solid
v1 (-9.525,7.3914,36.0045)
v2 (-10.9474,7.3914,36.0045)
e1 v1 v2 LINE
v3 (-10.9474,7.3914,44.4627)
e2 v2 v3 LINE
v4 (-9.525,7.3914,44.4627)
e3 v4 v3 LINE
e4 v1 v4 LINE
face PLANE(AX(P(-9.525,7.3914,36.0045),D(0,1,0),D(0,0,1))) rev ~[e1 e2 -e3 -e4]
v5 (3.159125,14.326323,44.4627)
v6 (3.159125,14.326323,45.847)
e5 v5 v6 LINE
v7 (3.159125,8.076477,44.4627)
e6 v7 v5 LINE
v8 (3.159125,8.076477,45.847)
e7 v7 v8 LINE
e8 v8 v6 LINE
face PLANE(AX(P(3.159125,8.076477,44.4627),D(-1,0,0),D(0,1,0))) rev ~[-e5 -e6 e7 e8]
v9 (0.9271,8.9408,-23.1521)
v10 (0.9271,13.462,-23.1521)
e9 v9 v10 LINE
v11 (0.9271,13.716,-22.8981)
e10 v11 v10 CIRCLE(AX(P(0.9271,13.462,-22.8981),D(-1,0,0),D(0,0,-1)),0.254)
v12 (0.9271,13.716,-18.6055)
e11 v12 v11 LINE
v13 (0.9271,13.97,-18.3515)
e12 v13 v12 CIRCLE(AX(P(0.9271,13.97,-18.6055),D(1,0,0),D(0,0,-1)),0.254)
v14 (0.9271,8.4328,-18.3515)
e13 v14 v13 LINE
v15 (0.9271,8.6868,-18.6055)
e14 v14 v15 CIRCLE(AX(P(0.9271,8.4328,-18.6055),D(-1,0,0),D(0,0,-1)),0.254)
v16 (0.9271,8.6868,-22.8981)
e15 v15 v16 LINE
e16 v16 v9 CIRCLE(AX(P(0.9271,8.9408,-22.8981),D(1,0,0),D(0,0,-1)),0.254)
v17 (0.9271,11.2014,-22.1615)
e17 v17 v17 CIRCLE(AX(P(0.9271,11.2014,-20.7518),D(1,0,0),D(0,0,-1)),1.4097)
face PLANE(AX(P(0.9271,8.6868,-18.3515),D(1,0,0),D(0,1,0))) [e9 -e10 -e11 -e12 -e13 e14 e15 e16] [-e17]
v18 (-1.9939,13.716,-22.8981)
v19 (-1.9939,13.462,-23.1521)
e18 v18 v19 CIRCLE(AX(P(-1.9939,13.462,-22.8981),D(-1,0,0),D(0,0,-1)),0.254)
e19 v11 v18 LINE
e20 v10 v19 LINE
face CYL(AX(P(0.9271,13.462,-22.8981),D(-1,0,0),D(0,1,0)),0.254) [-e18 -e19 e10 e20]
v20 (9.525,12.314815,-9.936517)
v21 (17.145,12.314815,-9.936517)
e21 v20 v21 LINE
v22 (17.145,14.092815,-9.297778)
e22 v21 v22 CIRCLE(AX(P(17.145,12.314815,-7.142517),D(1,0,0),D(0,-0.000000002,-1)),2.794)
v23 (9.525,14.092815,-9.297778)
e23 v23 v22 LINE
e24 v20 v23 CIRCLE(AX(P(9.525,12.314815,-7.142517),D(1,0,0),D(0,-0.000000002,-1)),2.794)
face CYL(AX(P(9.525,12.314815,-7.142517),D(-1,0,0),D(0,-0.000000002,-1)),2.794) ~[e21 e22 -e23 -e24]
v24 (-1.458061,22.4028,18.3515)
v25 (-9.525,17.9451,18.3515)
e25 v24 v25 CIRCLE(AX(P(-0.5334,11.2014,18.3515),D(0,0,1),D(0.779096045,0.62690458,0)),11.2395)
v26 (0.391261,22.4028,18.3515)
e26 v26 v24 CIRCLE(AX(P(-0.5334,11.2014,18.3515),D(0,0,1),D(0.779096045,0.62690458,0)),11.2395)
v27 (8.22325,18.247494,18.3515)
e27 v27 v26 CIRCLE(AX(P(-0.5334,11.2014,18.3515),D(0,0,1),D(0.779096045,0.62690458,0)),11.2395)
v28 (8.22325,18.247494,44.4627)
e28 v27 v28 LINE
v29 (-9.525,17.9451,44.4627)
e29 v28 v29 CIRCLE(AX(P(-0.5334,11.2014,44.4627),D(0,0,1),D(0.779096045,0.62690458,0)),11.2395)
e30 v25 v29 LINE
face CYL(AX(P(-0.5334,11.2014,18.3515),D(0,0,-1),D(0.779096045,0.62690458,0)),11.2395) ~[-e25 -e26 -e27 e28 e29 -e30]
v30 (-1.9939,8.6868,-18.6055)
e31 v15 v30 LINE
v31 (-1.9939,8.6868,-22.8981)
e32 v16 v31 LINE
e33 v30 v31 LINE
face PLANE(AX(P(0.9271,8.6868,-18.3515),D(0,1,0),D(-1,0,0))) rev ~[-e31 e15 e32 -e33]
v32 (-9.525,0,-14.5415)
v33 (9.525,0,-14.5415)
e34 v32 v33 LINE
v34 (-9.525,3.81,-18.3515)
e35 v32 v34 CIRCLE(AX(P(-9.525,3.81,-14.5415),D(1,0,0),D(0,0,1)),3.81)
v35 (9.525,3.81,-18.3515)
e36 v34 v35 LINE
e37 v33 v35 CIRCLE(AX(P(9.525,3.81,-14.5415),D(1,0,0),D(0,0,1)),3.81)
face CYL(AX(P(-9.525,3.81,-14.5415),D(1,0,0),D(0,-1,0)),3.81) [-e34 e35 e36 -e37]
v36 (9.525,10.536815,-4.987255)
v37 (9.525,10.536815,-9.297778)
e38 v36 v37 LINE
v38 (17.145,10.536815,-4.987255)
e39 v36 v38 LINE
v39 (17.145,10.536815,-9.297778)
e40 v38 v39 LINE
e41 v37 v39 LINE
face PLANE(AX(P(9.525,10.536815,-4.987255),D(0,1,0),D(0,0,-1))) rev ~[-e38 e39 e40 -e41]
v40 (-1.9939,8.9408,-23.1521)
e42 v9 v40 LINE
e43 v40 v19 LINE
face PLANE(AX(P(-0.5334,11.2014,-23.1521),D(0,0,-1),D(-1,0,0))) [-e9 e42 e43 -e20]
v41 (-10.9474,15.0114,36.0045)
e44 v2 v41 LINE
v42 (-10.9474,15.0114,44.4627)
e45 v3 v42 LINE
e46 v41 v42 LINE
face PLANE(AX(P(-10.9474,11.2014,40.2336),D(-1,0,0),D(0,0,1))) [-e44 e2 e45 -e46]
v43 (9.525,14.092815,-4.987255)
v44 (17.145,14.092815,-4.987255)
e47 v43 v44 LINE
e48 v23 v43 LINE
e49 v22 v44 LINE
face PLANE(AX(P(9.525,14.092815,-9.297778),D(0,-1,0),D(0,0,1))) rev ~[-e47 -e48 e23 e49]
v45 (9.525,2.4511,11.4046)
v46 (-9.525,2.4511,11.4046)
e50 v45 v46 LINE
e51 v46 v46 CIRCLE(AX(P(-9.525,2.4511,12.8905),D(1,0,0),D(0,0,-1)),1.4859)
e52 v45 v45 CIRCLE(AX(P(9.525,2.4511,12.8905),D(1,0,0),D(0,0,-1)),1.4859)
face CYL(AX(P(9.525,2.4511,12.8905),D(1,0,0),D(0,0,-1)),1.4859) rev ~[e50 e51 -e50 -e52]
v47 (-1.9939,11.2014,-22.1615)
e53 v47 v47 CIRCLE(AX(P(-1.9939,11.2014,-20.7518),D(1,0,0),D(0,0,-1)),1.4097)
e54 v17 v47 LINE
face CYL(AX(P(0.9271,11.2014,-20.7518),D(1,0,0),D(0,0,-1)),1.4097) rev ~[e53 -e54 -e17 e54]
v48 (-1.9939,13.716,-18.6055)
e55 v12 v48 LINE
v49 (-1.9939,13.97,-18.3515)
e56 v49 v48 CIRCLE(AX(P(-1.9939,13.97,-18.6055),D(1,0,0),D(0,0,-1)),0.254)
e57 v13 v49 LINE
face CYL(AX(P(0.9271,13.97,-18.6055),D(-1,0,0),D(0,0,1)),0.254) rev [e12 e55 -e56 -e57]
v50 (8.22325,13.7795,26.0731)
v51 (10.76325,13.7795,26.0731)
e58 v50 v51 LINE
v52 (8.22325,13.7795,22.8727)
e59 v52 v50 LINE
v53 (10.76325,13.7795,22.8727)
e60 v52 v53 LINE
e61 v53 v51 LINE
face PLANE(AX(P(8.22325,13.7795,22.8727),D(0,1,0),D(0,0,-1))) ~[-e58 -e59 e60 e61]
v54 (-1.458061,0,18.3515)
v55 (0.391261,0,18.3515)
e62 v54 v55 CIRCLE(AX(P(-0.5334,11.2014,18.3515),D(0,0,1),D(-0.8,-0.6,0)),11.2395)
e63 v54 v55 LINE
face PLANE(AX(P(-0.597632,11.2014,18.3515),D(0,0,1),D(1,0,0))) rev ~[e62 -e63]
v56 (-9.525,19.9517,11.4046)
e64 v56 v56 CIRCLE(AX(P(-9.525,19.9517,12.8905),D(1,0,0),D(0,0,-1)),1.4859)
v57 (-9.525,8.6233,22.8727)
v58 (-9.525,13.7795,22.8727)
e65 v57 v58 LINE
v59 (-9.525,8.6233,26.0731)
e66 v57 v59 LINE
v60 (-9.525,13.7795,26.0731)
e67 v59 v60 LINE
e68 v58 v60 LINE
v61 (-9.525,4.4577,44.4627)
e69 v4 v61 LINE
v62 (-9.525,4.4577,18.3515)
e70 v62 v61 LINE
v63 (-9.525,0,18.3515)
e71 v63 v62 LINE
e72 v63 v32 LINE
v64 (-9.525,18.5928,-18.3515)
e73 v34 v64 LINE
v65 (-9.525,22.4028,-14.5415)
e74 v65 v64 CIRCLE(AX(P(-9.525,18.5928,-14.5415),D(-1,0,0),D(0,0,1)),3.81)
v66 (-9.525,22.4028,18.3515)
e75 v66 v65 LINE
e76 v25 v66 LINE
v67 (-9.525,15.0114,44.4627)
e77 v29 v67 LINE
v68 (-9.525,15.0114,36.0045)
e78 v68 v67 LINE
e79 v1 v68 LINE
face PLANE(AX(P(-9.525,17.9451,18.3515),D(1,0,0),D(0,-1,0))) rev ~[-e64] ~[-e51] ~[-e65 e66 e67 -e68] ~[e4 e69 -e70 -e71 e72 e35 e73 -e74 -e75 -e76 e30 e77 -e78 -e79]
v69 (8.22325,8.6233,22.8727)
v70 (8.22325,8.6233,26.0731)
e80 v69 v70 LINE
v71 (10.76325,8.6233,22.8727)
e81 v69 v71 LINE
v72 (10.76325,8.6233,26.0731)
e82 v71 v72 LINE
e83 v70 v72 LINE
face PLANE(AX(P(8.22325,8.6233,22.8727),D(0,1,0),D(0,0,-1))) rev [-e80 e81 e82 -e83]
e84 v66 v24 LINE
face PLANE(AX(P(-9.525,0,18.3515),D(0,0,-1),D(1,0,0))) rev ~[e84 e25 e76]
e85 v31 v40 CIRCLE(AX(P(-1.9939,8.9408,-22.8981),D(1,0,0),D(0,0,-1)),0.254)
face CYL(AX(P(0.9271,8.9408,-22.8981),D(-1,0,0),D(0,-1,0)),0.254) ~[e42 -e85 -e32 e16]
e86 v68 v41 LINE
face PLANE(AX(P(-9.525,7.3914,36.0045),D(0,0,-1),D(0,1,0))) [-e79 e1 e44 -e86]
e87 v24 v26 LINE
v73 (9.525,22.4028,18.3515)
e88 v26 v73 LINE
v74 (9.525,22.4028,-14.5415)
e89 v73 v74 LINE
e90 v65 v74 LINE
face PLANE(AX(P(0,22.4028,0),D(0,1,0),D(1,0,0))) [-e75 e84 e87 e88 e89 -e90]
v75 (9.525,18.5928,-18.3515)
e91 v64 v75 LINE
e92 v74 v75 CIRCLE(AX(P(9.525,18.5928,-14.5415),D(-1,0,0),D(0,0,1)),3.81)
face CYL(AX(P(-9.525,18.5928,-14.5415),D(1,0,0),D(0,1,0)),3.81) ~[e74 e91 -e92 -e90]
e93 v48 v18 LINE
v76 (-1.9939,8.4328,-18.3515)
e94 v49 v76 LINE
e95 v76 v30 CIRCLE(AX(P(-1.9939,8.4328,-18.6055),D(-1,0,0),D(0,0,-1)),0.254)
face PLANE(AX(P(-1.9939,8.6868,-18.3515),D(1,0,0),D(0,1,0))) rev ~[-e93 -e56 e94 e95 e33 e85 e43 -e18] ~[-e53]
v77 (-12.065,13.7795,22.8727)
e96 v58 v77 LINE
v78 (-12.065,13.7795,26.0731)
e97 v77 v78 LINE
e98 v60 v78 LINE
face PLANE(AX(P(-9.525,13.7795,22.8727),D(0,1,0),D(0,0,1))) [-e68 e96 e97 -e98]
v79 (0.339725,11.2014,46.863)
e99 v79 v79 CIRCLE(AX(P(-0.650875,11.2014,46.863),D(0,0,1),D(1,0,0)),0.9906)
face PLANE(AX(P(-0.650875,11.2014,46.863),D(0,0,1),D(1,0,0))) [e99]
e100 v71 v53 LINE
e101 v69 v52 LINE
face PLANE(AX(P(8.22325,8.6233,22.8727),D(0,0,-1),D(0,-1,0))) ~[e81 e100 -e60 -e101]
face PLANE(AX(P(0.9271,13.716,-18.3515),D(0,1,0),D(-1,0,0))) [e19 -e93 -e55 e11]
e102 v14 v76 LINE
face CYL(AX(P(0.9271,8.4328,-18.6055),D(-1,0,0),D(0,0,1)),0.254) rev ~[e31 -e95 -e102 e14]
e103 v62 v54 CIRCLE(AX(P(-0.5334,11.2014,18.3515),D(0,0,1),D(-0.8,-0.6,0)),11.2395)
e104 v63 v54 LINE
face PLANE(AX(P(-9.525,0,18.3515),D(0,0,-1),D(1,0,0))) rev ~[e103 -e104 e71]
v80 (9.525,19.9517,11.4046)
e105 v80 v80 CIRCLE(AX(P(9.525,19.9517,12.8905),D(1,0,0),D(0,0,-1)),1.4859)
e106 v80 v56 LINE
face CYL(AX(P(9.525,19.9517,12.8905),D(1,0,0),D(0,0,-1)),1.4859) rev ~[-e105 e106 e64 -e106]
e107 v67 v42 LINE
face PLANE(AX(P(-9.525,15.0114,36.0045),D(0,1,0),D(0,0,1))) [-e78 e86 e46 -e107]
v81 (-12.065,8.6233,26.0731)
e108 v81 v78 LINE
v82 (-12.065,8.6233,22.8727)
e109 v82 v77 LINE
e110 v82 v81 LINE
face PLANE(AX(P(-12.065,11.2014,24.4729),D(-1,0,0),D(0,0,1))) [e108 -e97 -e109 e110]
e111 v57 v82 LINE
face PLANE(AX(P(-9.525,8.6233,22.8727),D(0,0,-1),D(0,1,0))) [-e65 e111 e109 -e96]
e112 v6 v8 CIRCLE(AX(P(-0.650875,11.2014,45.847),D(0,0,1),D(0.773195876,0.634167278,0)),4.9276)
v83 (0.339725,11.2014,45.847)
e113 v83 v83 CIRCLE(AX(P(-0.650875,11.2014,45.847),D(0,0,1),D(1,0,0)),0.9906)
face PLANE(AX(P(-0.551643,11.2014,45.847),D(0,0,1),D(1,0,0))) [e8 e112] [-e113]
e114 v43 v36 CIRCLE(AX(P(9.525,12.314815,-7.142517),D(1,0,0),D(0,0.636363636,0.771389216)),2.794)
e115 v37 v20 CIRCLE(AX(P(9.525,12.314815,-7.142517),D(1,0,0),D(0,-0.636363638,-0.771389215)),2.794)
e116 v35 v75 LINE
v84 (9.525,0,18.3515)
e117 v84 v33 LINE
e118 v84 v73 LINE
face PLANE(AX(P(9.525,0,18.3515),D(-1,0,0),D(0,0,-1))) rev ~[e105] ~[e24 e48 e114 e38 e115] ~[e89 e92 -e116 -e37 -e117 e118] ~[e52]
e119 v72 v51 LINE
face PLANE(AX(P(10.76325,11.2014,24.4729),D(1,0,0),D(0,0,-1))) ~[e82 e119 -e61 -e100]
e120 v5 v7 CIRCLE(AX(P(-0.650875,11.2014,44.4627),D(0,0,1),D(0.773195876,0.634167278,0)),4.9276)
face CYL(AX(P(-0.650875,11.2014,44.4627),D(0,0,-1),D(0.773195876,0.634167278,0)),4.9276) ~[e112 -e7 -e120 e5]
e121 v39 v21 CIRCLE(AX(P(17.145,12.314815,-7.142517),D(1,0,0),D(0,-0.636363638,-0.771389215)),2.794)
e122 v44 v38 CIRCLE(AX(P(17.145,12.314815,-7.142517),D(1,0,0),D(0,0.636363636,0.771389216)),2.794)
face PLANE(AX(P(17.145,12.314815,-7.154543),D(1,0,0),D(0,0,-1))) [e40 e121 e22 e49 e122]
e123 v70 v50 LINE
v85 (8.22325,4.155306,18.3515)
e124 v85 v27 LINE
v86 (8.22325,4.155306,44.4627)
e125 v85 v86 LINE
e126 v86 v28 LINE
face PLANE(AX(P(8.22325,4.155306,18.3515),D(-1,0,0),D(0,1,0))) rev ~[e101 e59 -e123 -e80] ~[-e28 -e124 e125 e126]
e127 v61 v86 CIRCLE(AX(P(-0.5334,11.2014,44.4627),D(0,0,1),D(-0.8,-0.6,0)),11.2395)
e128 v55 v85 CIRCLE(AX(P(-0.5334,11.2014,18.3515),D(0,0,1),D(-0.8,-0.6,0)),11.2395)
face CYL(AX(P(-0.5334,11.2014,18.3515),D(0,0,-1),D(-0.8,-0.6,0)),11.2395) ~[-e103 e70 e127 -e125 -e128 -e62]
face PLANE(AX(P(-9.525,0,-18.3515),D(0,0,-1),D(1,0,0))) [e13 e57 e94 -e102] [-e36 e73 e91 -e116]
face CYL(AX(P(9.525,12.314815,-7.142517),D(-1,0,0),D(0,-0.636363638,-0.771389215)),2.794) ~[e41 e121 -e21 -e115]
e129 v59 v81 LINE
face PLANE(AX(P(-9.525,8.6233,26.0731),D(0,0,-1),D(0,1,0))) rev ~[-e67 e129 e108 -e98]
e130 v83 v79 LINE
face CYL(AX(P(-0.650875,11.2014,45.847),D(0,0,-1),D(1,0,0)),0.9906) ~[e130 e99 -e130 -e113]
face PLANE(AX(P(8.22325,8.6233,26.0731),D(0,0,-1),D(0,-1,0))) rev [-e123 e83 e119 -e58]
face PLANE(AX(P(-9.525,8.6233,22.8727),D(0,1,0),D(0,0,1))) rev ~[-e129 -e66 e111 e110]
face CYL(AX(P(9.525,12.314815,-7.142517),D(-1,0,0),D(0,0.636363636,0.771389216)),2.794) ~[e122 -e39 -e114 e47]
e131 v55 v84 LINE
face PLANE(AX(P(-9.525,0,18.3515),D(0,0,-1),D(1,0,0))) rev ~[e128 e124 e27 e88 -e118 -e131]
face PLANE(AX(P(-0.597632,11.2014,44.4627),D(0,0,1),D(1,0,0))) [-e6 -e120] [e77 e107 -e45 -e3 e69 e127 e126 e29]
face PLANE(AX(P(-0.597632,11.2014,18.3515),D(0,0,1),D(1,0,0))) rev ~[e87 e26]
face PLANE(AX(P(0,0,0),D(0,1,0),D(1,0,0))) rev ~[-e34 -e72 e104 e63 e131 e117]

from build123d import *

# Parameters (mm, degrees)
SKETCH1_W           = 19.05
SKETCH1_H           = 36.703
BOSS_EXTRUDE1_DEPTH = 22.4028
BOSS_EXTRUDE2_DEPTH = 7.62
SKETCH3_R           = 1.4859
CUT_EXTRUDE1_DEPTH  = 20.05
FILLET1_R           = 3.81
SKETCH6_W           = 2.921
SKETCH6_H           = 5.0292
BOSS_EXTRUDE3_DEPTH = 4.8006
FILLET2_R           = 0.254
SKETCH7_R           = 1.4097
CUT_EXTRUDE2_DEPTH  = 11.4521
BOSS_EXTRUDE4_DEPTH = 26.1112
SKETCH11_W          = 3.2004
SKETCH11_H          = 5.1562
BOSS_EXTRUDE5_DEPTH = 2.54
SKETCH12_W          = 8.4582
SKETCH12_H          = 7.62
BOSS_EXTRUDE6_DEPTH = 1.4224
BOSS_EXTRUDE7_DEPTH = 1.3843
SKETCH14_R          = 0.9906
BOSS_EXTRUDE8_DEPTH = 1.016


with BuildPart() as part:
    # Sketch1 → Boss-Extrude1 (new body)
    with BuildSketch(Plane(origin=(0, 0, 0), x_dir=(1, 0, 0), z_dir=(0, 1, 0))):
        Rectangle(SKETCH1_W, SKETCH1_H)
    extrude(amount=BOSS_EXTRUDE1_DEPTH)

    # Sketch2 → Boss-Extrude2 (add)
    with BuildSketch(Plane(origin=(9.525, 0, 0), x_dir=(0, 0, -1), z_dir=(1, 0, 0))):
        with BuildLine():
            Line((9.297778198, 14.092814896), (4.98725526, 14.092814896))
            ThreePointArc((4.98725526, 14.092814896), (4.348516729, 12.314814896), (4.98725526, 10.536814896))
            Line((4.98725526, 10.536814896), (9.297778198, 10.536814896))
            ThreePointArc((9.297778198, 10.536814896), (9.771987831, 11.370189188), (9.936516729, 12.314814896))
            ThreePointArc((9.936516729, 12.314814896), (9.771987831, 13.259440604), (9.297778198, 14.092814896))
        make_face()
    extrude(amount=BOSS_EXTRUDE2_DEPTH)

    # Sketch3 → Cut-Extrude1 (cut, through all)
    with BuildSketch(Plane(origin=(9.525, 0, 0), x_dir=(0, 0, -1), z_dir=(1, 0, 0))):
        with Locations((-12.8905, 19.9517)):
            Circle(SKETCH3_R)
        with Locations((-12.8905, 2.4511)):
            Circle(SKETCH3_R)
    extrude(amount=-CUT_EXTRUDE1_DEPTH, mode=Mode.SUBTRACT)

    # Fillet1
    fillet1_edges = [part.edges().sort_by_distance(p)[0] for p in [
        (0, 22.4028, -18.3515),
        (0, 0, -18.3515),
    ]]
    fillet(fillet1_edges, radius=FILLET1_R)

    # Sketch6 → Boss-Extrude3 (add)
    with BuildSketch(Plane(origin=(0, 0, -18.3515), x_dir=(-1, 0, 0), z_dir=(0, 0, -1))):
        with Locations((0.5334, 11.2014)):
            Rectangle(SKETCH6_W, SKETCH6_H)
    extrude(amount=BOSS_EXTRUDE3_DEPTH)

    # Fillet2
    fillet2_edges = [part.edges().sort_by_distance(p)[0] for p in [
        (-0.5334, 8.6868, -18.3515),
        (-0.5334, 13.716, -18.3515),
        (-0.5334, 8.6868, -23.1521),
        (-0.5334, 13.716, -23.1521),
    ]]
    fillet(fillet2_edges, radius=FILLET2_R)

    # Sketch7 → Cut-Extrude2 (cut, through all)
    with BuildSketch(Plane(origin=(0.9271, 0, 0), x_dir=(0, 0, -1), z_dir=(1, 0, 0))):
        with Locations((20.7518, 11.2014)):
            Circle(SKETCH7_R)
    extrude(amount=-CUT_EXTRUDE2_DEPTH, mode=Mode.SUBTRACT)

    # Sketch8 → Boss-Extrude4 (add)
    with BuildSketch(Plane.XY.offset(18.3515)):
        with BuildLine():
            Line((-9.525, 17.9451), (-9.525, 4.4577))
            ThreePointArc((-9.525, 4.4577), (-0.724870396, -0.036468986), (8.22325, 4.155305974))
            Line((8.22325, 4.155305974), (8.22325, 18.247494026))
            ThreePointArc((8.22325, 18.247494026), (-0.724870396, 22.439268986), (-9.525, 17.9451))
        make_face()
    extrude(amount=BOSS_EXTRUDE4_DEPTH)

    # Sketch11 → Boss-Extrude5 (add)
    with BuildSketch(Plane.ZY.offset(9.525)):
        with Locations((24.4729, 11.2014)):
            Rectangle(SKETCH11_W, SKETCH11_H)
    boss_extrude5 = extrude(amount=BOSS_EXTRUDE5_DEPTH)

    # Mirror1: Boss-Extrude5 across plane
    add(boss_extrude5.mirror(Plane(origin=(-0.650875, 0, 0), x_dir=(0, 0, 1), z_dir=(1, 0, 0))))

    # Sketch12 → Boss-Extrude6 (add)
    with BuildSketch(Plane.ZY.offset(9.525)):
        with Locations((40.2336, 11.2014)):
            Rectangle(SKETCH12_W, SKETCH12_H)
    extrude(amount=BOSS_EXTRUDE6_DEPTH)

    # Sketch13 → Boss-Extrude7 (add)
    with BuildSketch(Plane.XY.offset(44.4627)):
        with BuildLine():
            Line((3.159125, 8.076477319), (3.159125, 14.326322681))
            ThreePointArc((3.159125, 14.326322681), (-5.578475, 11.2014), (3.159125, 8.076477319))
        make_face()
    extrude(amount=BOSS_EXTRUDE7_DEPTH)

    # Sketch14 → Boss-Extrude8 (add)
    with BuildSketch(Plane.XY.offset(45.847)):
        with Locations((-0.650875, 11.2014)):
            Circle(SKETCH14_R)
    extrude(amount=BOSS_EXTRUDE8_DEPTH)


solid = part.part
